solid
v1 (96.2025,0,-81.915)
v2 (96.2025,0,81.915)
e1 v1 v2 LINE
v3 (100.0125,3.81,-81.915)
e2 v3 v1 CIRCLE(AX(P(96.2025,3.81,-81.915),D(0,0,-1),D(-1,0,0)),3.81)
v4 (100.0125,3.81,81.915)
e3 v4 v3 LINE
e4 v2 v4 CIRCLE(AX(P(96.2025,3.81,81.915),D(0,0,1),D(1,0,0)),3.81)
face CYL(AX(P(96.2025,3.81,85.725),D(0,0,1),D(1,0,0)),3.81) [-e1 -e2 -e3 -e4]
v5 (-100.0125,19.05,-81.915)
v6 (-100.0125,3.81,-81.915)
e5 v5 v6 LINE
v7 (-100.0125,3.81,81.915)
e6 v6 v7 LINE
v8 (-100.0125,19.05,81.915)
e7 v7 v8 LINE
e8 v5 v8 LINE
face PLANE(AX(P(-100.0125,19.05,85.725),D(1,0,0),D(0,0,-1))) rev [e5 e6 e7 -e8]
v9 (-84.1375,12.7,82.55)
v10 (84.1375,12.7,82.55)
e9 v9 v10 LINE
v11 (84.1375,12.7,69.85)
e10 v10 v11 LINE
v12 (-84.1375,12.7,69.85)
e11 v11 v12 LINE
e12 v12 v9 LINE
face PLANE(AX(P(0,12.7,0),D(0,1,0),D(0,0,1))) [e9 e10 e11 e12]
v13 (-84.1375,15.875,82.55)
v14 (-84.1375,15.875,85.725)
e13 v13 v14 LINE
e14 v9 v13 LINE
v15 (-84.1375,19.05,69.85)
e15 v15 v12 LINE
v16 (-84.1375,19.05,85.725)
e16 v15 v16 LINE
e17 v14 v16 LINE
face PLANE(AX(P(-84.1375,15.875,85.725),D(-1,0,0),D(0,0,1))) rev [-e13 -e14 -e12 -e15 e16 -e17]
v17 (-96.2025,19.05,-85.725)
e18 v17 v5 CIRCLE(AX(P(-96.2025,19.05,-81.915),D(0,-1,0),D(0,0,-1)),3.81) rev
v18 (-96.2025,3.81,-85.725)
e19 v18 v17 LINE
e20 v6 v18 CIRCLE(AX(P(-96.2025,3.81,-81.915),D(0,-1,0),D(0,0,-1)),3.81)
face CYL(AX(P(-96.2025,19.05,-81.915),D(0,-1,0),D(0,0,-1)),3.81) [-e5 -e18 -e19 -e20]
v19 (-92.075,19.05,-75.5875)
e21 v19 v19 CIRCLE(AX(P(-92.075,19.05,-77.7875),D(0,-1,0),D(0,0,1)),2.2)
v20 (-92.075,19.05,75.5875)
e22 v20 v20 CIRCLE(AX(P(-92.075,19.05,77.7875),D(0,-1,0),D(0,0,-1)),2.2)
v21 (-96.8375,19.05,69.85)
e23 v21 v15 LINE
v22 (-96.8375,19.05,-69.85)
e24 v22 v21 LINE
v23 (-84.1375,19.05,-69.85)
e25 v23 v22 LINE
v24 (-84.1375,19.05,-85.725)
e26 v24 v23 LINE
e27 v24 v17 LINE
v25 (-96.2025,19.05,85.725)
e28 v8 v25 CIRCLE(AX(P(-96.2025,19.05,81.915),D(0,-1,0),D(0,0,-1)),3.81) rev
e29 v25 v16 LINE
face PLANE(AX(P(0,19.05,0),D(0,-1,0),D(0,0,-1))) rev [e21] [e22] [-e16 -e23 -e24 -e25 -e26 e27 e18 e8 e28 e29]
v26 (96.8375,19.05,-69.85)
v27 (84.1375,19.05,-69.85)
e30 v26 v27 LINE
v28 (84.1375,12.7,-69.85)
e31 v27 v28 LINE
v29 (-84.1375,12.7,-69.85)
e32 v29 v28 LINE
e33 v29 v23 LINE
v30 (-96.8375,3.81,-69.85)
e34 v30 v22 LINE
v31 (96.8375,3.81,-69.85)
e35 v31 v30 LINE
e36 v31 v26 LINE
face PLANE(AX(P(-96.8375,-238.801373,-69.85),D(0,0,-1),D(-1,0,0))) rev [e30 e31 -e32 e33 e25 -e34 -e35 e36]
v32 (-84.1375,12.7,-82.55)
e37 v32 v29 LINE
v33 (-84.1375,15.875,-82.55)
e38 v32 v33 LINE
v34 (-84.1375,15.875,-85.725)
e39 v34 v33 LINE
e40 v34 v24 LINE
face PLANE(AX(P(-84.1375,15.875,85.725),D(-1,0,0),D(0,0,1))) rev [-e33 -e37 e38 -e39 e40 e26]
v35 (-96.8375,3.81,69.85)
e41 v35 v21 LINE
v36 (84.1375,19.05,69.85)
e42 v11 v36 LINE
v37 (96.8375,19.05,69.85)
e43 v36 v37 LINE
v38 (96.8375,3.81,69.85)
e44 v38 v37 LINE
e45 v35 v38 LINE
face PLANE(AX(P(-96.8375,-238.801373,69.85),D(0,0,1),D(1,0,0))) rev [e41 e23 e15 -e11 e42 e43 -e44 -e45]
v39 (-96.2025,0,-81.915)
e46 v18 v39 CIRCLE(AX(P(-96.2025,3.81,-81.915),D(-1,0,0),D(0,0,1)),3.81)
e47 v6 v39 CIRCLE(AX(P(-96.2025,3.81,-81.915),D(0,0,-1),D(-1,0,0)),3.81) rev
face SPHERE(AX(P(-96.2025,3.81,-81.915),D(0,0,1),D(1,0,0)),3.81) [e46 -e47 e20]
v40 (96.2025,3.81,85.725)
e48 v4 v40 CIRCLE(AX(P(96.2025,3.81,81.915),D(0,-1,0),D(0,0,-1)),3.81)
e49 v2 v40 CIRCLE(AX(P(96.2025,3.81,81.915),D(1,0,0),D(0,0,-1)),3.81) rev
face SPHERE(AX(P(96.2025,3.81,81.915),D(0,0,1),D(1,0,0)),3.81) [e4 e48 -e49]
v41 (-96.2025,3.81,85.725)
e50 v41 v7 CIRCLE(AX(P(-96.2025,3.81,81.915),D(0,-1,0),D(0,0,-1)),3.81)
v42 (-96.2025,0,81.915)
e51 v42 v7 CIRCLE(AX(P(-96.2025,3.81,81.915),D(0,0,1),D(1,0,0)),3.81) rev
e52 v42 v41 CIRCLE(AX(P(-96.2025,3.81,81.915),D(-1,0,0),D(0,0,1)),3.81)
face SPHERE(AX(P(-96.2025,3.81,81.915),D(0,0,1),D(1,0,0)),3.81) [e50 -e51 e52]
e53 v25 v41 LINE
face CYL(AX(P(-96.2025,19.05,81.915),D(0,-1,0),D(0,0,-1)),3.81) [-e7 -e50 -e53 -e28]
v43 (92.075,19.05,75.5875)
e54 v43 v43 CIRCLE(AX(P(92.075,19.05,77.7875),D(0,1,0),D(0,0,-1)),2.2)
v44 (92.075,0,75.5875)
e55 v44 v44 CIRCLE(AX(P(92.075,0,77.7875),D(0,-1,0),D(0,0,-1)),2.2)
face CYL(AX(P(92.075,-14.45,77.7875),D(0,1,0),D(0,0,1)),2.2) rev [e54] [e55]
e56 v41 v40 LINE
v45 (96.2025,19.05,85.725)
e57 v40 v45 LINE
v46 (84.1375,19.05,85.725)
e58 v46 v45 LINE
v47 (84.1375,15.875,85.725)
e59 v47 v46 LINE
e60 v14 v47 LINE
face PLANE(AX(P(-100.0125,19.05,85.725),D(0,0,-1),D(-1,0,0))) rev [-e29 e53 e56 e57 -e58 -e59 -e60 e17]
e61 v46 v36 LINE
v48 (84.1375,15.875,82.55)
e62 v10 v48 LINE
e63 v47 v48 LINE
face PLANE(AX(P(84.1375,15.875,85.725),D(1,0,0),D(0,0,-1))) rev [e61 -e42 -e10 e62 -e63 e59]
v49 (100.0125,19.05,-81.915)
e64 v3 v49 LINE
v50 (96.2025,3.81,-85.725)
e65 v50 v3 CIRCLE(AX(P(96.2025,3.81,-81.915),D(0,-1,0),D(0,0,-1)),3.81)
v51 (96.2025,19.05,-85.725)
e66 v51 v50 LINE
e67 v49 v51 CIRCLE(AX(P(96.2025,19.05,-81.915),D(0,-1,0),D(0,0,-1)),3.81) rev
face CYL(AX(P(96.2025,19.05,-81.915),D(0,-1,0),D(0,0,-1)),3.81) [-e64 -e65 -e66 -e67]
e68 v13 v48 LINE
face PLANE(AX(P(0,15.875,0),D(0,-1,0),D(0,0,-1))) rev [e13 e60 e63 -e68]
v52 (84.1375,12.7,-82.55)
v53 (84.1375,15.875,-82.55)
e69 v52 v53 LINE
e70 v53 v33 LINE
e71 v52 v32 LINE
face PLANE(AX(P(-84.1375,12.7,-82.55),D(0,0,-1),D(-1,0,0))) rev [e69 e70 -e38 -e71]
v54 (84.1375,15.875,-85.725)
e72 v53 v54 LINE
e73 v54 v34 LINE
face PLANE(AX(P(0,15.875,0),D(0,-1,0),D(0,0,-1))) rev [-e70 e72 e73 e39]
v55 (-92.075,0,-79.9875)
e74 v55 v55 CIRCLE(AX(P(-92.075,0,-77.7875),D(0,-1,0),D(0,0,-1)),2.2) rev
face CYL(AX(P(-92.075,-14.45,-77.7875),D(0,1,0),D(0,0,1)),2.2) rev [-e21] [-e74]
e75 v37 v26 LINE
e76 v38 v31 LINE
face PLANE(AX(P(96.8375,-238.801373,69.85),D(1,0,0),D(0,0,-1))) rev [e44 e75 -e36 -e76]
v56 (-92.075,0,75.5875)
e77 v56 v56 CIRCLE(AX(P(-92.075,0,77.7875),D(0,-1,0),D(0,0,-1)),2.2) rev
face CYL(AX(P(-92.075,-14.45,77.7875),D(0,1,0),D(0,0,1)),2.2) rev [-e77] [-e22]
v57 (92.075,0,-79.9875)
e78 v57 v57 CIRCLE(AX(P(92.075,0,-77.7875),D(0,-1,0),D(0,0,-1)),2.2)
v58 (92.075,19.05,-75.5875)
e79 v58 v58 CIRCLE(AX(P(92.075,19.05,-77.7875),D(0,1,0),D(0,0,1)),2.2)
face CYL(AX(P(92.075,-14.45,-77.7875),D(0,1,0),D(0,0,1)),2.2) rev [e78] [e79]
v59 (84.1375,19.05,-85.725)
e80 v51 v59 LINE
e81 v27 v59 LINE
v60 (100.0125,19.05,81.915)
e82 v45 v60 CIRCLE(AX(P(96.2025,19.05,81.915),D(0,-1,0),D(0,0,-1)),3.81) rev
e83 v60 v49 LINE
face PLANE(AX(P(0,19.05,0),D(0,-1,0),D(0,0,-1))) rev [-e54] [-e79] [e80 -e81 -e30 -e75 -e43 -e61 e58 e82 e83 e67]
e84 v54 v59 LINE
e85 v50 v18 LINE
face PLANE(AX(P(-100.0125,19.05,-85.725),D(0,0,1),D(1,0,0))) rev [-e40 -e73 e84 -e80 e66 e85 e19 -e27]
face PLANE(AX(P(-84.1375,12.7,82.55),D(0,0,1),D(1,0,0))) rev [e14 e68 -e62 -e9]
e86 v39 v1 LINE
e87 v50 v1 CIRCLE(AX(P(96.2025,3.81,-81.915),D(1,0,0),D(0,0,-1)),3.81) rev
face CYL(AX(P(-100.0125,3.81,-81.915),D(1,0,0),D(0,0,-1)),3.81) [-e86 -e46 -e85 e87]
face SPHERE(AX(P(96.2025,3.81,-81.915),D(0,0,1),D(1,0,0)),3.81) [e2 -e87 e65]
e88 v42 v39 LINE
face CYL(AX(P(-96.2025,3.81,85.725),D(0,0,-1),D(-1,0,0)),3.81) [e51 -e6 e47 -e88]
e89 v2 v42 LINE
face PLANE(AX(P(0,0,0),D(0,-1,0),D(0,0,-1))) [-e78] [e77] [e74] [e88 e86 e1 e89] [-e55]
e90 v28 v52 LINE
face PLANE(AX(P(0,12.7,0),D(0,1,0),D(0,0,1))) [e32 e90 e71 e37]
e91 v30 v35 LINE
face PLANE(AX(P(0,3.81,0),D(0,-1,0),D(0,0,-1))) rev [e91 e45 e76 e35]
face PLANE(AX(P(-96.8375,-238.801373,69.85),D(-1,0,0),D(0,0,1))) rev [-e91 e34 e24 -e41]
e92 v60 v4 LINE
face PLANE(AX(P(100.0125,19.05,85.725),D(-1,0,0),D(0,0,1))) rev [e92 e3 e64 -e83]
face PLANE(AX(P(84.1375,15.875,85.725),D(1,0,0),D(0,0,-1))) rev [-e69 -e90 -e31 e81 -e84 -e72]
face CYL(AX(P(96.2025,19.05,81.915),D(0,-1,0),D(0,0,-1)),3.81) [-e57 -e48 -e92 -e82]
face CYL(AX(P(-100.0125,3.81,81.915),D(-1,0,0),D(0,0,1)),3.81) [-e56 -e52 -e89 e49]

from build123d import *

# Parameters (mm, degrees)
SKETCH1_W           = 200.025
SKETCH1_H           = 171.45
BOSS_EXTRUDE1_DEPTH = 19.05
SKETCH2_W           = 193.675
SKETCH2_H           = 139.7
CUT_EXTRUDE1_DEPTH  = 15.24
SKETCH4_W           = 168.275
SKETCH4_H           = 171.45
CUT_EXTRUDE2_DEPTH  = 3.175
SKETCH5_W           = 168.275
SKETCH5_H           = 12.7
CUT_EXTRUDE3_DEPTH  = 3.175
SKETCH7_W           = 168.275
SKETCH7_H           = 12.7
CUT_EXTRUDE5_DEPTH  = 3.175
SKETCH11_R          = 2.2
CUT_EXTRUDE6_DEPTH  = 33.5
FILLET3_R           = 3.81


with BuildPart() as part:
    # Sketch1 → Boss-Extrude1 (new body)
    with BuildSketch(Plane(origin=(0, 0, 0), x_dir=(1, 0, 0), z_dir=(0, 1, 0))):
        Rectangle(SKETCH1_W, SKETCH1_H)
    extrude(amount=BOSS_EXTRUDE1_DEPTH)

    # Sketch2 → Cut-Extrude1 (cut)
    with BuildSketch(Plane(origin=(0, 19.05, 0), x_dir=(1, 0, 0), z_dir=(0, 1, 0))):
        Rectangle(SKETCH2_W, SKETCH2_H)
    extrude(amount=-CUT_EXTRUDE1_DEPTH, mode=Mode.SUBTRACT)

    # Sketch4 → Cut-Extrude2 (cut)
    with BuildSketch(Plane(origin=(0, 19.05, 0), x_dir=(1, 0, 0), z_dir=(0, 1, 0))):
        Rectangle(SKETCH4_W, SKETCH4_H)
    extrude(amount=-CUT_EXTRUDE2_DEPTH, mode=Mode.SUBTRACT)

    # Sketch5 → Cut-Extrude3 (cut)
    with BuildSketch(Plane(origin=(0, 15.875, 0), x_dir=(1, 0, 0), z_dir=(0, 1, 0))):
        with Locations((0, -76.2)):
            Rectangle(SKETCH5_W, SKETCH5_H)
    extrude(amount=-CUT_EXTRUDE3_DEPTH, mode=Mode.SUBTRACT)

    # Sketch7 → Cut-Extrude5 (cut)
    with BuildSketch(Plane(origin=(0, 15.875, 0), x_dir=(1, 0, 0), z_dir=(0, 1, 0))):
        with Locations((0, 76.2)):
            Rectangle(SKETCH7_W, SKETCH7_H)
    extrude(amount=-CUT_EXTRUDE5_DEPTH, mode=Mode.SUBTRACT)

    # Sketch11 → Cut-Extrude6 (cut)
    with BuildSketch(Plane(origin=(0, 19.05, 0), x_dir=(1, 0, 0), z_dir=(0, 1, 0))):
        with Locations(Location((92.075, 77.7875, 0), (0, 0, 270))):
            Circle(SKETCH11_R)
        with Locations(Location((92.075, -77.7875, 0), (0, 0, 90))):
            Circle(SKETCH11_R)
    cut_extrude6 = extrude(amount=-CUT_EXTRUDE6_DEPTH, mode=Mode.SUBTRACT)

    # Fillet3
    fillet3_edges = [part.edges().sort_by_distance(p)[0] for p in [
        (0, 0, 85.725),
        (-100.0125, 0, 0),
        (0, 0, -85.725),
        (100.0125, 0, 0),
        (100.0125, 9.525, 85.725),
        (-100.0125, 9.525, 85.725),
        (-100.0125, 9.525, -85.725),
        (100.0125, 9.525, -85.725),
    ]]
    fillet(fillet3_edges, radius=FILLET3_R)

    # Mirror1: Cut-Extrude6 across plane
    add(cut_extrude6.mirror(Plane(origin=(0, 0, 0), x_dir=(0, 0, 1), z_dir=(1, 0, 0))), mode=Mode.SUBTRACT)


solid = part.part
